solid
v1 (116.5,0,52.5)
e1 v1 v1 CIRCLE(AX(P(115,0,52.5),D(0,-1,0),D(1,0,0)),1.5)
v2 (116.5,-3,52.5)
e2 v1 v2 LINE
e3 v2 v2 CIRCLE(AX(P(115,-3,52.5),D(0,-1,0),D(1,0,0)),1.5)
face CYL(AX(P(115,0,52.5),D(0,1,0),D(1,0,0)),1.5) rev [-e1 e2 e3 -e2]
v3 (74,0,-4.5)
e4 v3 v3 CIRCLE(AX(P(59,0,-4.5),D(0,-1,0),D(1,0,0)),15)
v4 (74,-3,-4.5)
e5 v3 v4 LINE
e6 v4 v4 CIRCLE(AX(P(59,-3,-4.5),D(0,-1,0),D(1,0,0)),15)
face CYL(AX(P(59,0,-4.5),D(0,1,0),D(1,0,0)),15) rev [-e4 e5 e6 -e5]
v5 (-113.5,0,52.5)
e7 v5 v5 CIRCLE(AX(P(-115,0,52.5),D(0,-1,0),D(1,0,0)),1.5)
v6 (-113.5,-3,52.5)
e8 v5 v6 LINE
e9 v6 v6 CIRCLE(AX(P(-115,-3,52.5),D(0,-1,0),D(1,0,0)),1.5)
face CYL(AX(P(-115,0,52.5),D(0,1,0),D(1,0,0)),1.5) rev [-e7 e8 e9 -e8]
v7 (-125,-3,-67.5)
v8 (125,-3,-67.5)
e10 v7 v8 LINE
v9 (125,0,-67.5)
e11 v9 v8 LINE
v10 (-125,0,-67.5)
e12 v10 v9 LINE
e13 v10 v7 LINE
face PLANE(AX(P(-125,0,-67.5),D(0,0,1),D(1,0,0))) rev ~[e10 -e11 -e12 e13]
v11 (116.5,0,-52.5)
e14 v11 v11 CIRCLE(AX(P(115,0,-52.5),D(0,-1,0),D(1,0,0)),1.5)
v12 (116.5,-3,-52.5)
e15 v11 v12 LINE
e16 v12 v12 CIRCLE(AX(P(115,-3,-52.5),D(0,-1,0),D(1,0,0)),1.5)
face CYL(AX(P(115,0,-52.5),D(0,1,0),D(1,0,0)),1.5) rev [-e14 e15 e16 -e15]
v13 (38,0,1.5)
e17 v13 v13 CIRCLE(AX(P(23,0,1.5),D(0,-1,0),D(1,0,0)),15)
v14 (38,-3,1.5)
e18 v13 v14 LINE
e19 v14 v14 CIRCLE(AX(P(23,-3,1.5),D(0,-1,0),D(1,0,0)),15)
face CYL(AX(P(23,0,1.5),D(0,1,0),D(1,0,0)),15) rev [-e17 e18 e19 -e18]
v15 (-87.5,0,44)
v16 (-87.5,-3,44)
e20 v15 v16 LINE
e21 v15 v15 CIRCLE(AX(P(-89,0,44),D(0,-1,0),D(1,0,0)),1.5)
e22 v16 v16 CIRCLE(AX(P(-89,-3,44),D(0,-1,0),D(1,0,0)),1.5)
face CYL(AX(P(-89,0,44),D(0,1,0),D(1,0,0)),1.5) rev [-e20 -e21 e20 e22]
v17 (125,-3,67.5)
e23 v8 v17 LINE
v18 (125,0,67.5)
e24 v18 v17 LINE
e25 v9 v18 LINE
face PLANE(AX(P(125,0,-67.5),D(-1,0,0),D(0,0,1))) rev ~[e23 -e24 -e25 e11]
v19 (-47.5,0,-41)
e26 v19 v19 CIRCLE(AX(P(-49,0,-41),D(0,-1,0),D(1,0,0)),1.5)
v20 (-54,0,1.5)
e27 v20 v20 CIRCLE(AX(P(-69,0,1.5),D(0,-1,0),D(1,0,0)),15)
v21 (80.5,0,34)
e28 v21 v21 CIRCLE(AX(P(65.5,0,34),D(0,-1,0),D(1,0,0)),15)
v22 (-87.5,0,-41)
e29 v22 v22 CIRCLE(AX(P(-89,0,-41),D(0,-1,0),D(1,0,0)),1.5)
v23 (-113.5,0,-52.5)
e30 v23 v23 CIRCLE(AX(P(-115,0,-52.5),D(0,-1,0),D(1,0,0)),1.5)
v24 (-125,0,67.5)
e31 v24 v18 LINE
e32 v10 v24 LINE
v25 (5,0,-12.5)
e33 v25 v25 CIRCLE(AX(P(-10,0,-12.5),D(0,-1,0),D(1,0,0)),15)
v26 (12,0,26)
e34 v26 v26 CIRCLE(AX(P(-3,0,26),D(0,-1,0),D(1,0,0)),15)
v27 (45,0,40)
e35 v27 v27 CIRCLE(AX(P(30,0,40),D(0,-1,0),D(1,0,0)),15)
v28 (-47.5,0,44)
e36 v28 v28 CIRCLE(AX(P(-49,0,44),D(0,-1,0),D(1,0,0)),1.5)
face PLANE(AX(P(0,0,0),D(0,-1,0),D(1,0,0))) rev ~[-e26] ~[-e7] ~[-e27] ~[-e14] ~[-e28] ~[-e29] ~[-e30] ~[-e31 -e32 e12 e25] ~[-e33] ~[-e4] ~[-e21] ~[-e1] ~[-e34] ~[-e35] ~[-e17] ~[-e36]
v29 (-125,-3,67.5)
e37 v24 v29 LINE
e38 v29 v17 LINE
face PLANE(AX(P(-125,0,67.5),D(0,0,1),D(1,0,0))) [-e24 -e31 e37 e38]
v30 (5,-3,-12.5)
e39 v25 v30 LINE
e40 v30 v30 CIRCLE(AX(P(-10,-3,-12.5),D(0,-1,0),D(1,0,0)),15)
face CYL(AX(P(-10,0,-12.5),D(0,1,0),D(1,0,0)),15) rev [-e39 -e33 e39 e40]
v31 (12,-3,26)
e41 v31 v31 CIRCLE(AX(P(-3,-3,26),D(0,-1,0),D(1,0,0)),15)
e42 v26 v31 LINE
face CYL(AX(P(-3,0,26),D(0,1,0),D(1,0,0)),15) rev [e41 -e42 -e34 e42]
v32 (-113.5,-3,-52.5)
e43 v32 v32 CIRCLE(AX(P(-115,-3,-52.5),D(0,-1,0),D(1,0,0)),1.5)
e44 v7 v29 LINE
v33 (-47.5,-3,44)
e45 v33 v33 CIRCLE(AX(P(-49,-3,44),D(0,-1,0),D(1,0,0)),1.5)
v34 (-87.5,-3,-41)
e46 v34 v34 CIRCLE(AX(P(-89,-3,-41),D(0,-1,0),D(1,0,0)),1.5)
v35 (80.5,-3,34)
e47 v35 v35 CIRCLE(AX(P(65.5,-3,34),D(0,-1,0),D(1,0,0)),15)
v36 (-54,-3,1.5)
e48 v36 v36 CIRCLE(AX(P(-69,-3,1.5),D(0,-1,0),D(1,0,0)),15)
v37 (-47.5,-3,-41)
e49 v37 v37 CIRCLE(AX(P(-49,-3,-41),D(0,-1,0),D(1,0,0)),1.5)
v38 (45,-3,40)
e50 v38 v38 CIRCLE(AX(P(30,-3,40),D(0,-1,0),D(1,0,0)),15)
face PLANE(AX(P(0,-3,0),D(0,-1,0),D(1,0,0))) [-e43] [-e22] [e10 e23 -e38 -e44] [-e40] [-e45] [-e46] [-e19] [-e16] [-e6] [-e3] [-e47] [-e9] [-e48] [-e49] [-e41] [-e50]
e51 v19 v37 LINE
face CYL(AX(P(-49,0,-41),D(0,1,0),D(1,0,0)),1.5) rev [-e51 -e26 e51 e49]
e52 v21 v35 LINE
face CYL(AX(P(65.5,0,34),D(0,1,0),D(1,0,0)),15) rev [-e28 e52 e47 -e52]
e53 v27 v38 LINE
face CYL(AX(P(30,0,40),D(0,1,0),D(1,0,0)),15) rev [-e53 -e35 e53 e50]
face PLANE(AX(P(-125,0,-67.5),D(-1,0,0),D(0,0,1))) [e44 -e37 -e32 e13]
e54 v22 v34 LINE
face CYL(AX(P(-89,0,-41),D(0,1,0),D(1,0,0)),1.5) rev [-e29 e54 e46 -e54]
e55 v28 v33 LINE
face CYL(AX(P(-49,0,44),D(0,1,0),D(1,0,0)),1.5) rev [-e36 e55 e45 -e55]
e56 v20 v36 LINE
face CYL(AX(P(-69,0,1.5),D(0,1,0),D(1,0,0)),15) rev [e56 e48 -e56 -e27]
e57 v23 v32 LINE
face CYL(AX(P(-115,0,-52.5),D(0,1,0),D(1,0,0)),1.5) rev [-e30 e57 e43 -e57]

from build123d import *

# Parameters (mm, degrees)
F0_W     = 250
F0_H     = 135
F0_R     = 1.5
F0_R_2   = 15
F1_DEPTH = 3


with BuildPart() as f1:
    # F0 (on Front) → F1 (new body)
    with BuildSketch(Plane.XZ):
        Rectangle(F0_W, F0_H)
        with Locations((-115, -52.5)):
            Circle(F0_R, mode=Mode.SUBTRACT)
        with Locations((-89, -41)):
            Circle(F0_R, mode=Mode.SUBTRACT)
        with Locations((-49, -41)):
            Circle(F0_R, mode=Mode.SUBTRACT)
        with Locations((-10, -12.5)):
            Circle(F0_R_2, mode=Mode.SUBTRACT)
        with Locations((115, -52.5)):
            Circle(F0_R, mode=Mode.SUBTRACT)
        with Locations((59, -4.5)):
            Circle(F0_R_2, mode=Mode.SUBTRACT)
        with Locations((-69, 1.5)):
            Circle(F0_R_2, mode=Mode.SUBTRACT)
        with Locations((-3, 26)):
            Circle(F0_R_2, mode=Mode.SUBTRACT)
        with Locations((-89, 44)):
            Circle(F0_R, mode=Mode.SUBTRACT)
        with Locations((-115, 52.5)):
            Circle(F0_R, mode=Mode.SUBTRACT)
        with Locations((-49, 44)):
            Circle(F0_R, mode=Mode.SUBTRACT)
        with Locations((23, 1.5)):
            Circle(F0_R_2, mode=Mode.SUBTRACT)
        with Locations((30, 40)):
            Circle(F0_R_2, mode=Mode.SUBTRACT)
        with Locations((65.5, 34)):
            Circle(F0_R_2, mode=Mode.SUBTRACT)
        with Locations((115, 52.5)):
            Circle(F0_R, mode=Mode.SUBTRACT)
    extrude(amount=F1_DEPTH)


solid = f1.part
